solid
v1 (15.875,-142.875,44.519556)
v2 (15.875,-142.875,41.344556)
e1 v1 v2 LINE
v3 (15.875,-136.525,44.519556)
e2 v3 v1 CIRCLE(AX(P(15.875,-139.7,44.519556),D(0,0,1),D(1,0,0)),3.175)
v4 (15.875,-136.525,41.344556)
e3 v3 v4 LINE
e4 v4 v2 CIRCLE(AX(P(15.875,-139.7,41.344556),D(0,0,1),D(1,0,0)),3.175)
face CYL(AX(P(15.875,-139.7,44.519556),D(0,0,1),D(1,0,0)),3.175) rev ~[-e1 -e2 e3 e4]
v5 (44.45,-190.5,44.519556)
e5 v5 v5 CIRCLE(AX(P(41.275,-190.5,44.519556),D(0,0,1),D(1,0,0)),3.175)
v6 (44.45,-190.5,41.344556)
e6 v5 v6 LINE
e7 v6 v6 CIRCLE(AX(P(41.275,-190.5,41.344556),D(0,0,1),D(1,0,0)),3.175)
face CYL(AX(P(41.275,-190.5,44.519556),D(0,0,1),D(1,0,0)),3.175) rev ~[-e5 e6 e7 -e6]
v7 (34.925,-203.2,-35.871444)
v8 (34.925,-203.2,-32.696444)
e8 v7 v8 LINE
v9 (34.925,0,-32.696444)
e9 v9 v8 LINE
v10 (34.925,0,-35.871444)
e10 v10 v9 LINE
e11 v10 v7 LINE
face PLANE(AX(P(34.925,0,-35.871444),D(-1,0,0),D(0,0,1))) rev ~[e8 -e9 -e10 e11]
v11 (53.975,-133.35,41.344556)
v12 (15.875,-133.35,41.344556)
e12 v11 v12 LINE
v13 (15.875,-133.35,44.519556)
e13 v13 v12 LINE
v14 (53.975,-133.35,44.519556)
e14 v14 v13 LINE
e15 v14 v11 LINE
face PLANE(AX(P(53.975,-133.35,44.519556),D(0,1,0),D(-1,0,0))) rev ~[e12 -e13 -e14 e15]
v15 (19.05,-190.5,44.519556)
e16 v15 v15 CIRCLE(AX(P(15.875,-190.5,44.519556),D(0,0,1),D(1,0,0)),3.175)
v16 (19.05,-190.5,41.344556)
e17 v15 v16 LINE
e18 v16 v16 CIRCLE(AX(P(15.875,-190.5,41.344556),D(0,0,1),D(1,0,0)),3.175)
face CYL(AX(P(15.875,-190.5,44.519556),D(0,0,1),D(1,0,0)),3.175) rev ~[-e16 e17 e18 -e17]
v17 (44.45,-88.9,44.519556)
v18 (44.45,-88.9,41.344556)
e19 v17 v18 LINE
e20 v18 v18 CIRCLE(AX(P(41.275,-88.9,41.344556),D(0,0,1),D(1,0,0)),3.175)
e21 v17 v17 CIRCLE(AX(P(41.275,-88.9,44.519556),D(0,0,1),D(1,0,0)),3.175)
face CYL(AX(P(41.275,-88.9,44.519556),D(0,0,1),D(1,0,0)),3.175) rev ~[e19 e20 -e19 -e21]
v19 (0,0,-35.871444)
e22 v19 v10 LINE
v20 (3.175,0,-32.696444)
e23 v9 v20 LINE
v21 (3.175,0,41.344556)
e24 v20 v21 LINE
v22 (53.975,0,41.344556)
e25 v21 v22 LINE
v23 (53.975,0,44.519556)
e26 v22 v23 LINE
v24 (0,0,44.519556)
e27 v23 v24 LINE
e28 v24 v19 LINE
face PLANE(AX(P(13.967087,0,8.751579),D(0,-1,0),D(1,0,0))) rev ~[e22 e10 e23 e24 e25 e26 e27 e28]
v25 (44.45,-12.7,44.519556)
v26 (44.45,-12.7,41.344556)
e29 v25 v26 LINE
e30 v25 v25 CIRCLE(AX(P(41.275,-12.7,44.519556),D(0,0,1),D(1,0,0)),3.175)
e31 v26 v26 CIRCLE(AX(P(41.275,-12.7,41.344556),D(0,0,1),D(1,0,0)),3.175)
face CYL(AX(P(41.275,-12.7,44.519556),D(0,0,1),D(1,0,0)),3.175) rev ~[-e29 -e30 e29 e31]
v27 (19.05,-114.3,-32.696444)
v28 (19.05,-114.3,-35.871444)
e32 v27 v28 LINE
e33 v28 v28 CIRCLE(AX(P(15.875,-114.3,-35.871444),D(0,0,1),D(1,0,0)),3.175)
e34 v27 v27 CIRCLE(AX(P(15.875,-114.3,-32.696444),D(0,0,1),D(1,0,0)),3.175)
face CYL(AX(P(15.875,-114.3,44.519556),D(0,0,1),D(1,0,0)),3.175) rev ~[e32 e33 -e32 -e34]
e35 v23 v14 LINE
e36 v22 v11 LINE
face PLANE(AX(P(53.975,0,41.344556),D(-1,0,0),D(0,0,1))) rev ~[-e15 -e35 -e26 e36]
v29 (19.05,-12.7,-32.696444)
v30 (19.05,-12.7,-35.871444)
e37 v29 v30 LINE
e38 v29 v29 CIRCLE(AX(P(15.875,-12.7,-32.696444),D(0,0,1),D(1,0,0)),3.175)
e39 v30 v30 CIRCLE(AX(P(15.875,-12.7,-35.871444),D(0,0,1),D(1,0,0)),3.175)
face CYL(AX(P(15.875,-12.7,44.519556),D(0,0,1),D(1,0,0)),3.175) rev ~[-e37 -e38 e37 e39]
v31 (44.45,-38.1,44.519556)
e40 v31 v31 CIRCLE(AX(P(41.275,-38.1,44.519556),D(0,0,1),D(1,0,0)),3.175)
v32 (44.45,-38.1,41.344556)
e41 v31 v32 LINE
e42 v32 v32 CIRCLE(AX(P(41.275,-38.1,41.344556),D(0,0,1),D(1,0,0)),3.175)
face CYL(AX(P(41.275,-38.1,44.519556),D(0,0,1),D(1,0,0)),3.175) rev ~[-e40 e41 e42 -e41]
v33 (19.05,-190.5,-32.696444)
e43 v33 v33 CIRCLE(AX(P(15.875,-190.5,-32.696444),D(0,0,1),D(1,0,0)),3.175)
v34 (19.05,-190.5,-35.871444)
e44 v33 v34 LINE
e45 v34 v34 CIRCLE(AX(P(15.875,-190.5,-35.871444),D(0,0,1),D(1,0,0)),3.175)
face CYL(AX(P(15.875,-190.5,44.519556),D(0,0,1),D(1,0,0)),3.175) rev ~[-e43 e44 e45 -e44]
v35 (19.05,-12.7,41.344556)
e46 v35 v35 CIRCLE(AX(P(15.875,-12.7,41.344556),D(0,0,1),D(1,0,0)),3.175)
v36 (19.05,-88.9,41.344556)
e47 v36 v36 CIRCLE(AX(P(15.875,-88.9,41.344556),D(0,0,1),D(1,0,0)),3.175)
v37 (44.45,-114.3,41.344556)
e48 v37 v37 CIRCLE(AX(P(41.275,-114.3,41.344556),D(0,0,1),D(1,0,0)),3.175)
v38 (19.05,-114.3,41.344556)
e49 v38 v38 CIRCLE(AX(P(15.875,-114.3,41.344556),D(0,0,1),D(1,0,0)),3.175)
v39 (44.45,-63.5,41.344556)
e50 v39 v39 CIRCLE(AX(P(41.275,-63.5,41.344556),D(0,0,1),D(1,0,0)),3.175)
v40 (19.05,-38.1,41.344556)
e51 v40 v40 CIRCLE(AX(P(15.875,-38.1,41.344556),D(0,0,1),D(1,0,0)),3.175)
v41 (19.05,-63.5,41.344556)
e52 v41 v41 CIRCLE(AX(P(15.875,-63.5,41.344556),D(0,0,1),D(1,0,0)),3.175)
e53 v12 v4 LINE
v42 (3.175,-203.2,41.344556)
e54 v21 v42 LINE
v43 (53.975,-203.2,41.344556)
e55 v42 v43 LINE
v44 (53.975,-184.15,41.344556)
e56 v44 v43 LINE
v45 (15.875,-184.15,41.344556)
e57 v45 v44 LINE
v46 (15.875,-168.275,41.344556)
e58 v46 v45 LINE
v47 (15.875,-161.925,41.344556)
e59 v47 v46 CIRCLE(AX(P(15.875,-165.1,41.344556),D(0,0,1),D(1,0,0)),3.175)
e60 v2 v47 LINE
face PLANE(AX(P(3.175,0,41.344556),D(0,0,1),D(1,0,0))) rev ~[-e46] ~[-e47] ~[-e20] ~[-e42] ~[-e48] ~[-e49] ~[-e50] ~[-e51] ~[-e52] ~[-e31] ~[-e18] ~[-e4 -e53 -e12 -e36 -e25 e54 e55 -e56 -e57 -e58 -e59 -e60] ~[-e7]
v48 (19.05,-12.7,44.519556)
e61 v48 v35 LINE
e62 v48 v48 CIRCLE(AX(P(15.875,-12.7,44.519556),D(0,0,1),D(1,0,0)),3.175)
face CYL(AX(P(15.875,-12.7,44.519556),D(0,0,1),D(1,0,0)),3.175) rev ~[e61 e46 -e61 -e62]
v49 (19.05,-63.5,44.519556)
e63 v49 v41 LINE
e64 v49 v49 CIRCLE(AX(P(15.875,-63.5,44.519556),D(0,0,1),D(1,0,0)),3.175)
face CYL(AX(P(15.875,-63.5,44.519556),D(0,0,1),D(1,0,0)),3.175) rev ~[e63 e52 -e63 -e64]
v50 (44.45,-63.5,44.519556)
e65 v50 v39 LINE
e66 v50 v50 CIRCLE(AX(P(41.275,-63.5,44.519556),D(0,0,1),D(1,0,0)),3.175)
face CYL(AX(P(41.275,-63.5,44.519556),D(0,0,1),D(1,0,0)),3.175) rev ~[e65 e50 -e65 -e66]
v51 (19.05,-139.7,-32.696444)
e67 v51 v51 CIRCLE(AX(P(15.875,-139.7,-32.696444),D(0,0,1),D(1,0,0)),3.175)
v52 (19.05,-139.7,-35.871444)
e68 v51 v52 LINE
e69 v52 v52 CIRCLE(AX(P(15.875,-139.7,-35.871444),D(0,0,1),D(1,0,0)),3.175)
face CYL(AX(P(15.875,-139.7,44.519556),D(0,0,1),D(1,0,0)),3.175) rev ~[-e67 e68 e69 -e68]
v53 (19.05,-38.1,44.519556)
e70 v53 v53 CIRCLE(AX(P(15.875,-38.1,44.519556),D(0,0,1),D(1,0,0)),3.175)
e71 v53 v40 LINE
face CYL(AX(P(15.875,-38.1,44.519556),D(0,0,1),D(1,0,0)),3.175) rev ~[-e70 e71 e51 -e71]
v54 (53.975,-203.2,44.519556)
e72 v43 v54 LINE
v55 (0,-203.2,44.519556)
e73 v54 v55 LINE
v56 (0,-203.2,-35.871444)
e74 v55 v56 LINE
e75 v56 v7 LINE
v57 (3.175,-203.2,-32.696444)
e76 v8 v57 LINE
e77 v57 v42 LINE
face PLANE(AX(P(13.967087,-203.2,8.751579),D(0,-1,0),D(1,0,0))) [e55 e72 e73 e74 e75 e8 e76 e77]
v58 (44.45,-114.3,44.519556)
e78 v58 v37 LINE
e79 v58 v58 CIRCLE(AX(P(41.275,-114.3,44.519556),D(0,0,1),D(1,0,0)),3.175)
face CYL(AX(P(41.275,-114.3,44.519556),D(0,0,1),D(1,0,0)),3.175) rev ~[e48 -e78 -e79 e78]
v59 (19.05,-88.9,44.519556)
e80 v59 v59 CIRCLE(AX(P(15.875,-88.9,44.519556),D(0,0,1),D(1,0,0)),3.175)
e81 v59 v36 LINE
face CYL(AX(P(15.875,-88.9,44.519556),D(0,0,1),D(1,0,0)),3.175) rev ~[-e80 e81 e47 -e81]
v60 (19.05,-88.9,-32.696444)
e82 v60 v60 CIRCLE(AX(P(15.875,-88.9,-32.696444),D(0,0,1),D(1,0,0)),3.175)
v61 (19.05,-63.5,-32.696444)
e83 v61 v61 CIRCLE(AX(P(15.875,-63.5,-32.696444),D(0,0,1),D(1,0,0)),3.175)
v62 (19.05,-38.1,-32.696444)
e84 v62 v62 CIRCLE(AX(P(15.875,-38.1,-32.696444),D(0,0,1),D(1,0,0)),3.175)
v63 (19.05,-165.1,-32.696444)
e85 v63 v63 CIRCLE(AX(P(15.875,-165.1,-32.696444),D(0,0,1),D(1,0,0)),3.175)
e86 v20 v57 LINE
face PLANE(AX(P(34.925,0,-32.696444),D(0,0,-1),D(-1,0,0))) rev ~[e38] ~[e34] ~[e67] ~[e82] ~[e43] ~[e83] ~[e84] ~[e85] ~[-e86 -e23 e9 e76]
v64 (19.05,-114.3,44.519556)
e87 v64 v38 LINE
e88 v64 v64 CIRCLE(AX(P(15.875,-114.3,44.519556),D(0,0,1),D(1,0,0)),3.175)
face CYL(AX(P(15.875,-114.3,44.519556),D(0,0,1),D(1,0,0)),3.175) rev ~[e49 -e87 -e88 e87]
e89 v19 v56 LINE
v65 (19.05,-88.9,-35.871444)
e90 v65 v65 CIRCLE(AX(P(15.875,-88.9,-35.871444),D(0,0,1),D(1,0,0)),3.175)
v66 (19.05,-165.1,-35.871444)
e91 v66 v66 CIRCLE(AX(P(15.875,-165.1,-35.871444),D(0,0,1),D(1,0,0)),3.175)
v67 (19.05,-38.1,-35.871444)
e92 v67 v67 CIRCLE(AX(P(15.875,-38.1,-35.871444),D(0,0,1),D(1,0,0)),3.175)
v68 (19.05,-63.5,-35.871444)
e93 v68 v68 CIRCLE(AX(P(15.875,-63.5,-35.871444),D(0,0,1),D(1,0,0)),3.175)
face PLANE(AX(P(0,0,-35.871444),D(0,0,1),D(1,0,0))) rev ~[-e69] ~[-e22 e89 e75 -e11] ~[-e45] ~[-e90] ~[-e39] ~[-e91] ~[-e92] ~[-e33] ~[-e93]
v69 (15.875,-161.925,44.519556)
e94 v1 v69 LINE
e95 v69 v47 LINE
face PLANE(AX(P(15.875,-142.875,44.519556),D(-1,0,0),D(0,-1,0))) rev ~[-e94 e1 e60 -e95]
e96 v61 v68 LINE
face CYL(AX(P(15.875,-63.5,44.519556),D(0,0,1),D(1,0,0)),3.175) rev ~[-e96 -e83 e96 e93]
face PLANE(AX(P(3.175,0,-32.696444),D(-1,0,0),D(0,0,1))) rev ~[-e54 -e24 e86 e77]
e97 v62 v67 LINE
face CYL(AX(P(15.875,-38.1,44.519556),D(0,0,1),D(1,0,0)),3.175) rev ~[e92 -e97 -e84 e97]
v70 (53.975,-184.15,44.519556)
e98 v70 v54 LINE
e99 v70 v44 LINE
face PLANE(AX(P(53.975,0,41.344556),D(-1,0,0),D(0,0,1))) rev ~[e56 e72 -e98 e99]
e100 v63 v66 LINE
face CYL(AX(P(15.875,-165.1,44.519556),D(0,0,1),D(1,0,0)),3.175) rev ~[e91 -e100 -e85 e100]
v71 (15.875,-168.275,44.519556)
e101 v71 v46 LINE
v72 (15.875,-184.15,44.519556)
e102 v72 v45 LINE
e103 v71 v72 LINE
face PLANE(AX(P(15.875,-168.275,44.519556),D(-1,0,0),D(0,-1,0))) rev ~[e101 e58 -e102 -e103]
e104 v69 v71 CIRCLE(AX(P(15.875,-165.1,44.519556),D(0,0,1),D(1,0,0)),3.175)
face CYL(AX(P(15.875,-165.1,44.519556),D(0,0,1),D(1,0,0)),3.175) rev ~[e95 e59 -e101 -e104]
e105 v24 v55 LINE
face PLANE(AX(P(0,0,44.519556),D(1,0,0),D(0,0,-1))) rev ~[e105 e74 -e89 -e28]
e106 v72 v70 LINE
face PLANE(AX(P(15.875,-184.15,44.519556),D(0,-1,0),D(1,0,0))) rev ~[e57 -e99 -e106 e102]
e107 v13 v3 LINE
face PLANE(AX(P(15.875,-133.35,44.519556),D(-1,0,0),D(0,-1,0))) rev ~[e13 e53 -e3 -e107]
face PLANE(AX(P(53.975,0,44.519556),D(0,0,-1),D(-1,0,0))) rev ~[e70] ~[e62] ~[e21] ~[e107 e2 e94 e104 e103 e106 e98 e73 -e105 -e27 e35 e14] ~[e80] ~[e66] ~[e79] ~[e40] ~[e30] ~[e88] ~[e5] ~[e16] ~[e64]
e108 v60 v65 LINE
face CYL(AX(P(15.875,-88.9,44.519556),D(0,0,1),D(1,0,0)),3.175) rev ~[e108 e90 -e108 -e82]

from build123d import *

# Parameters (mm, degrees)
F1_DEPTH = 203.2
F2_R     = 3.175
F3_DEPTH = 101.6
F4_R     = 3.175
F5_DEPTH = 25.4


with BuildPart() as f1:
    # F0 (on Front) → F1 (new body)
    with BuildSketch(Plane.XZ):
        Polygon((53.975, 44.519556), (0, 44.519556), (0, -35.871444), (34.925, -35.871444), (34.925, -32.696444), (3.175, -32.696444), (3.175, 41.344556), (53.975, 41.344556), align=None)
    extrude(amount=F1_DEPTH)

    # F2 (on face) → F3 (cut)
    with BuildSketch(Plane.XY.offset(44.519556)):
        with Locations((41.275, -190.5)):
            Circle(F2_R)
        with Locations((41.275, -165.1)):
            Circle(F2_R)
        with Locations((41.275, -139.7)):
            Circle(F2_R)
        with Locations((41.275, -114.3)):
            Circle(F2_R)
        with Locations((41.275, -88.9)):
            Circle(F2_R)
        with Locations((41.275, -63.5)):
            Circle(F2_R)
        with Locations((41.275, -38.1)):
            Circle(F2_R)
        with Locations((41.275, -12.7)):
            Circle(F2_R)
        with Locations((15.875, -190.5)):
            Circle(F2_R)
        with Locations((15.875, -165.1)):
            Circle(F2_R)
        with Locations((15.875, -139.7)):
            Circle(F2_R)
        with Locations((15.875, -114.3)):
            Circle(F2_R)
        with Locations((15.875, -88.9)):
            Circle(F2_R)
        with Locations((15.875, -63.5)):
            Circle(F2_R)
        with Locations((15.875, -38.1)):
            Circle(F2_R)
        with Locations((15.875, -12.7)):
            Circle(F2_R)
    extrude(amount=-F3_DEPTH, mode=Mode.SUBTRACT)

    # F4 (on face) → F5 (cut)
    with BuildSketch(Plane.XY.offset(44.519556)):
        with BuildLine():
            Line((15.875, -184.15), (53.975, -184.15))
            Line((53.975, -184.15), (53.975, -133.35))
            Line((53.975, -133.35), (15.875, -133.35))
            Line((15.875, -133.35), (15.875, -136.525))
            ThreePointArc((15.875, -136.525), (18.120064, -137.454936), (19.05, -139.7))
            ThreePointArc((19.05, -139.7), (18.120064, -141.945064), (15.875, -142.875))
            Line((15.875, -142.875), (15.875, -161.925))
            ThreePointArc((15.875, -161.925), (18.120064, -162.854936), (19.05, -165.1))
            ThreePointArc((19.05, -165.1), (18.120064, -167.345064), (15.875, -168.275))
            Line((15.875, -168.275), (15.875, -184.15))
        make_face()
        with Locations((41.275, -165.1)):
            Circle(F4_R, mode=Mode.SUBTRACT)
        with Locations((41.275, -139.7)):
            Circle(F4_R, mode=Mode.SUBTRACT)
    extrude(amount=-F5_DEPTH, mode=Mode.SUBTRACT)


solid = f1.part
